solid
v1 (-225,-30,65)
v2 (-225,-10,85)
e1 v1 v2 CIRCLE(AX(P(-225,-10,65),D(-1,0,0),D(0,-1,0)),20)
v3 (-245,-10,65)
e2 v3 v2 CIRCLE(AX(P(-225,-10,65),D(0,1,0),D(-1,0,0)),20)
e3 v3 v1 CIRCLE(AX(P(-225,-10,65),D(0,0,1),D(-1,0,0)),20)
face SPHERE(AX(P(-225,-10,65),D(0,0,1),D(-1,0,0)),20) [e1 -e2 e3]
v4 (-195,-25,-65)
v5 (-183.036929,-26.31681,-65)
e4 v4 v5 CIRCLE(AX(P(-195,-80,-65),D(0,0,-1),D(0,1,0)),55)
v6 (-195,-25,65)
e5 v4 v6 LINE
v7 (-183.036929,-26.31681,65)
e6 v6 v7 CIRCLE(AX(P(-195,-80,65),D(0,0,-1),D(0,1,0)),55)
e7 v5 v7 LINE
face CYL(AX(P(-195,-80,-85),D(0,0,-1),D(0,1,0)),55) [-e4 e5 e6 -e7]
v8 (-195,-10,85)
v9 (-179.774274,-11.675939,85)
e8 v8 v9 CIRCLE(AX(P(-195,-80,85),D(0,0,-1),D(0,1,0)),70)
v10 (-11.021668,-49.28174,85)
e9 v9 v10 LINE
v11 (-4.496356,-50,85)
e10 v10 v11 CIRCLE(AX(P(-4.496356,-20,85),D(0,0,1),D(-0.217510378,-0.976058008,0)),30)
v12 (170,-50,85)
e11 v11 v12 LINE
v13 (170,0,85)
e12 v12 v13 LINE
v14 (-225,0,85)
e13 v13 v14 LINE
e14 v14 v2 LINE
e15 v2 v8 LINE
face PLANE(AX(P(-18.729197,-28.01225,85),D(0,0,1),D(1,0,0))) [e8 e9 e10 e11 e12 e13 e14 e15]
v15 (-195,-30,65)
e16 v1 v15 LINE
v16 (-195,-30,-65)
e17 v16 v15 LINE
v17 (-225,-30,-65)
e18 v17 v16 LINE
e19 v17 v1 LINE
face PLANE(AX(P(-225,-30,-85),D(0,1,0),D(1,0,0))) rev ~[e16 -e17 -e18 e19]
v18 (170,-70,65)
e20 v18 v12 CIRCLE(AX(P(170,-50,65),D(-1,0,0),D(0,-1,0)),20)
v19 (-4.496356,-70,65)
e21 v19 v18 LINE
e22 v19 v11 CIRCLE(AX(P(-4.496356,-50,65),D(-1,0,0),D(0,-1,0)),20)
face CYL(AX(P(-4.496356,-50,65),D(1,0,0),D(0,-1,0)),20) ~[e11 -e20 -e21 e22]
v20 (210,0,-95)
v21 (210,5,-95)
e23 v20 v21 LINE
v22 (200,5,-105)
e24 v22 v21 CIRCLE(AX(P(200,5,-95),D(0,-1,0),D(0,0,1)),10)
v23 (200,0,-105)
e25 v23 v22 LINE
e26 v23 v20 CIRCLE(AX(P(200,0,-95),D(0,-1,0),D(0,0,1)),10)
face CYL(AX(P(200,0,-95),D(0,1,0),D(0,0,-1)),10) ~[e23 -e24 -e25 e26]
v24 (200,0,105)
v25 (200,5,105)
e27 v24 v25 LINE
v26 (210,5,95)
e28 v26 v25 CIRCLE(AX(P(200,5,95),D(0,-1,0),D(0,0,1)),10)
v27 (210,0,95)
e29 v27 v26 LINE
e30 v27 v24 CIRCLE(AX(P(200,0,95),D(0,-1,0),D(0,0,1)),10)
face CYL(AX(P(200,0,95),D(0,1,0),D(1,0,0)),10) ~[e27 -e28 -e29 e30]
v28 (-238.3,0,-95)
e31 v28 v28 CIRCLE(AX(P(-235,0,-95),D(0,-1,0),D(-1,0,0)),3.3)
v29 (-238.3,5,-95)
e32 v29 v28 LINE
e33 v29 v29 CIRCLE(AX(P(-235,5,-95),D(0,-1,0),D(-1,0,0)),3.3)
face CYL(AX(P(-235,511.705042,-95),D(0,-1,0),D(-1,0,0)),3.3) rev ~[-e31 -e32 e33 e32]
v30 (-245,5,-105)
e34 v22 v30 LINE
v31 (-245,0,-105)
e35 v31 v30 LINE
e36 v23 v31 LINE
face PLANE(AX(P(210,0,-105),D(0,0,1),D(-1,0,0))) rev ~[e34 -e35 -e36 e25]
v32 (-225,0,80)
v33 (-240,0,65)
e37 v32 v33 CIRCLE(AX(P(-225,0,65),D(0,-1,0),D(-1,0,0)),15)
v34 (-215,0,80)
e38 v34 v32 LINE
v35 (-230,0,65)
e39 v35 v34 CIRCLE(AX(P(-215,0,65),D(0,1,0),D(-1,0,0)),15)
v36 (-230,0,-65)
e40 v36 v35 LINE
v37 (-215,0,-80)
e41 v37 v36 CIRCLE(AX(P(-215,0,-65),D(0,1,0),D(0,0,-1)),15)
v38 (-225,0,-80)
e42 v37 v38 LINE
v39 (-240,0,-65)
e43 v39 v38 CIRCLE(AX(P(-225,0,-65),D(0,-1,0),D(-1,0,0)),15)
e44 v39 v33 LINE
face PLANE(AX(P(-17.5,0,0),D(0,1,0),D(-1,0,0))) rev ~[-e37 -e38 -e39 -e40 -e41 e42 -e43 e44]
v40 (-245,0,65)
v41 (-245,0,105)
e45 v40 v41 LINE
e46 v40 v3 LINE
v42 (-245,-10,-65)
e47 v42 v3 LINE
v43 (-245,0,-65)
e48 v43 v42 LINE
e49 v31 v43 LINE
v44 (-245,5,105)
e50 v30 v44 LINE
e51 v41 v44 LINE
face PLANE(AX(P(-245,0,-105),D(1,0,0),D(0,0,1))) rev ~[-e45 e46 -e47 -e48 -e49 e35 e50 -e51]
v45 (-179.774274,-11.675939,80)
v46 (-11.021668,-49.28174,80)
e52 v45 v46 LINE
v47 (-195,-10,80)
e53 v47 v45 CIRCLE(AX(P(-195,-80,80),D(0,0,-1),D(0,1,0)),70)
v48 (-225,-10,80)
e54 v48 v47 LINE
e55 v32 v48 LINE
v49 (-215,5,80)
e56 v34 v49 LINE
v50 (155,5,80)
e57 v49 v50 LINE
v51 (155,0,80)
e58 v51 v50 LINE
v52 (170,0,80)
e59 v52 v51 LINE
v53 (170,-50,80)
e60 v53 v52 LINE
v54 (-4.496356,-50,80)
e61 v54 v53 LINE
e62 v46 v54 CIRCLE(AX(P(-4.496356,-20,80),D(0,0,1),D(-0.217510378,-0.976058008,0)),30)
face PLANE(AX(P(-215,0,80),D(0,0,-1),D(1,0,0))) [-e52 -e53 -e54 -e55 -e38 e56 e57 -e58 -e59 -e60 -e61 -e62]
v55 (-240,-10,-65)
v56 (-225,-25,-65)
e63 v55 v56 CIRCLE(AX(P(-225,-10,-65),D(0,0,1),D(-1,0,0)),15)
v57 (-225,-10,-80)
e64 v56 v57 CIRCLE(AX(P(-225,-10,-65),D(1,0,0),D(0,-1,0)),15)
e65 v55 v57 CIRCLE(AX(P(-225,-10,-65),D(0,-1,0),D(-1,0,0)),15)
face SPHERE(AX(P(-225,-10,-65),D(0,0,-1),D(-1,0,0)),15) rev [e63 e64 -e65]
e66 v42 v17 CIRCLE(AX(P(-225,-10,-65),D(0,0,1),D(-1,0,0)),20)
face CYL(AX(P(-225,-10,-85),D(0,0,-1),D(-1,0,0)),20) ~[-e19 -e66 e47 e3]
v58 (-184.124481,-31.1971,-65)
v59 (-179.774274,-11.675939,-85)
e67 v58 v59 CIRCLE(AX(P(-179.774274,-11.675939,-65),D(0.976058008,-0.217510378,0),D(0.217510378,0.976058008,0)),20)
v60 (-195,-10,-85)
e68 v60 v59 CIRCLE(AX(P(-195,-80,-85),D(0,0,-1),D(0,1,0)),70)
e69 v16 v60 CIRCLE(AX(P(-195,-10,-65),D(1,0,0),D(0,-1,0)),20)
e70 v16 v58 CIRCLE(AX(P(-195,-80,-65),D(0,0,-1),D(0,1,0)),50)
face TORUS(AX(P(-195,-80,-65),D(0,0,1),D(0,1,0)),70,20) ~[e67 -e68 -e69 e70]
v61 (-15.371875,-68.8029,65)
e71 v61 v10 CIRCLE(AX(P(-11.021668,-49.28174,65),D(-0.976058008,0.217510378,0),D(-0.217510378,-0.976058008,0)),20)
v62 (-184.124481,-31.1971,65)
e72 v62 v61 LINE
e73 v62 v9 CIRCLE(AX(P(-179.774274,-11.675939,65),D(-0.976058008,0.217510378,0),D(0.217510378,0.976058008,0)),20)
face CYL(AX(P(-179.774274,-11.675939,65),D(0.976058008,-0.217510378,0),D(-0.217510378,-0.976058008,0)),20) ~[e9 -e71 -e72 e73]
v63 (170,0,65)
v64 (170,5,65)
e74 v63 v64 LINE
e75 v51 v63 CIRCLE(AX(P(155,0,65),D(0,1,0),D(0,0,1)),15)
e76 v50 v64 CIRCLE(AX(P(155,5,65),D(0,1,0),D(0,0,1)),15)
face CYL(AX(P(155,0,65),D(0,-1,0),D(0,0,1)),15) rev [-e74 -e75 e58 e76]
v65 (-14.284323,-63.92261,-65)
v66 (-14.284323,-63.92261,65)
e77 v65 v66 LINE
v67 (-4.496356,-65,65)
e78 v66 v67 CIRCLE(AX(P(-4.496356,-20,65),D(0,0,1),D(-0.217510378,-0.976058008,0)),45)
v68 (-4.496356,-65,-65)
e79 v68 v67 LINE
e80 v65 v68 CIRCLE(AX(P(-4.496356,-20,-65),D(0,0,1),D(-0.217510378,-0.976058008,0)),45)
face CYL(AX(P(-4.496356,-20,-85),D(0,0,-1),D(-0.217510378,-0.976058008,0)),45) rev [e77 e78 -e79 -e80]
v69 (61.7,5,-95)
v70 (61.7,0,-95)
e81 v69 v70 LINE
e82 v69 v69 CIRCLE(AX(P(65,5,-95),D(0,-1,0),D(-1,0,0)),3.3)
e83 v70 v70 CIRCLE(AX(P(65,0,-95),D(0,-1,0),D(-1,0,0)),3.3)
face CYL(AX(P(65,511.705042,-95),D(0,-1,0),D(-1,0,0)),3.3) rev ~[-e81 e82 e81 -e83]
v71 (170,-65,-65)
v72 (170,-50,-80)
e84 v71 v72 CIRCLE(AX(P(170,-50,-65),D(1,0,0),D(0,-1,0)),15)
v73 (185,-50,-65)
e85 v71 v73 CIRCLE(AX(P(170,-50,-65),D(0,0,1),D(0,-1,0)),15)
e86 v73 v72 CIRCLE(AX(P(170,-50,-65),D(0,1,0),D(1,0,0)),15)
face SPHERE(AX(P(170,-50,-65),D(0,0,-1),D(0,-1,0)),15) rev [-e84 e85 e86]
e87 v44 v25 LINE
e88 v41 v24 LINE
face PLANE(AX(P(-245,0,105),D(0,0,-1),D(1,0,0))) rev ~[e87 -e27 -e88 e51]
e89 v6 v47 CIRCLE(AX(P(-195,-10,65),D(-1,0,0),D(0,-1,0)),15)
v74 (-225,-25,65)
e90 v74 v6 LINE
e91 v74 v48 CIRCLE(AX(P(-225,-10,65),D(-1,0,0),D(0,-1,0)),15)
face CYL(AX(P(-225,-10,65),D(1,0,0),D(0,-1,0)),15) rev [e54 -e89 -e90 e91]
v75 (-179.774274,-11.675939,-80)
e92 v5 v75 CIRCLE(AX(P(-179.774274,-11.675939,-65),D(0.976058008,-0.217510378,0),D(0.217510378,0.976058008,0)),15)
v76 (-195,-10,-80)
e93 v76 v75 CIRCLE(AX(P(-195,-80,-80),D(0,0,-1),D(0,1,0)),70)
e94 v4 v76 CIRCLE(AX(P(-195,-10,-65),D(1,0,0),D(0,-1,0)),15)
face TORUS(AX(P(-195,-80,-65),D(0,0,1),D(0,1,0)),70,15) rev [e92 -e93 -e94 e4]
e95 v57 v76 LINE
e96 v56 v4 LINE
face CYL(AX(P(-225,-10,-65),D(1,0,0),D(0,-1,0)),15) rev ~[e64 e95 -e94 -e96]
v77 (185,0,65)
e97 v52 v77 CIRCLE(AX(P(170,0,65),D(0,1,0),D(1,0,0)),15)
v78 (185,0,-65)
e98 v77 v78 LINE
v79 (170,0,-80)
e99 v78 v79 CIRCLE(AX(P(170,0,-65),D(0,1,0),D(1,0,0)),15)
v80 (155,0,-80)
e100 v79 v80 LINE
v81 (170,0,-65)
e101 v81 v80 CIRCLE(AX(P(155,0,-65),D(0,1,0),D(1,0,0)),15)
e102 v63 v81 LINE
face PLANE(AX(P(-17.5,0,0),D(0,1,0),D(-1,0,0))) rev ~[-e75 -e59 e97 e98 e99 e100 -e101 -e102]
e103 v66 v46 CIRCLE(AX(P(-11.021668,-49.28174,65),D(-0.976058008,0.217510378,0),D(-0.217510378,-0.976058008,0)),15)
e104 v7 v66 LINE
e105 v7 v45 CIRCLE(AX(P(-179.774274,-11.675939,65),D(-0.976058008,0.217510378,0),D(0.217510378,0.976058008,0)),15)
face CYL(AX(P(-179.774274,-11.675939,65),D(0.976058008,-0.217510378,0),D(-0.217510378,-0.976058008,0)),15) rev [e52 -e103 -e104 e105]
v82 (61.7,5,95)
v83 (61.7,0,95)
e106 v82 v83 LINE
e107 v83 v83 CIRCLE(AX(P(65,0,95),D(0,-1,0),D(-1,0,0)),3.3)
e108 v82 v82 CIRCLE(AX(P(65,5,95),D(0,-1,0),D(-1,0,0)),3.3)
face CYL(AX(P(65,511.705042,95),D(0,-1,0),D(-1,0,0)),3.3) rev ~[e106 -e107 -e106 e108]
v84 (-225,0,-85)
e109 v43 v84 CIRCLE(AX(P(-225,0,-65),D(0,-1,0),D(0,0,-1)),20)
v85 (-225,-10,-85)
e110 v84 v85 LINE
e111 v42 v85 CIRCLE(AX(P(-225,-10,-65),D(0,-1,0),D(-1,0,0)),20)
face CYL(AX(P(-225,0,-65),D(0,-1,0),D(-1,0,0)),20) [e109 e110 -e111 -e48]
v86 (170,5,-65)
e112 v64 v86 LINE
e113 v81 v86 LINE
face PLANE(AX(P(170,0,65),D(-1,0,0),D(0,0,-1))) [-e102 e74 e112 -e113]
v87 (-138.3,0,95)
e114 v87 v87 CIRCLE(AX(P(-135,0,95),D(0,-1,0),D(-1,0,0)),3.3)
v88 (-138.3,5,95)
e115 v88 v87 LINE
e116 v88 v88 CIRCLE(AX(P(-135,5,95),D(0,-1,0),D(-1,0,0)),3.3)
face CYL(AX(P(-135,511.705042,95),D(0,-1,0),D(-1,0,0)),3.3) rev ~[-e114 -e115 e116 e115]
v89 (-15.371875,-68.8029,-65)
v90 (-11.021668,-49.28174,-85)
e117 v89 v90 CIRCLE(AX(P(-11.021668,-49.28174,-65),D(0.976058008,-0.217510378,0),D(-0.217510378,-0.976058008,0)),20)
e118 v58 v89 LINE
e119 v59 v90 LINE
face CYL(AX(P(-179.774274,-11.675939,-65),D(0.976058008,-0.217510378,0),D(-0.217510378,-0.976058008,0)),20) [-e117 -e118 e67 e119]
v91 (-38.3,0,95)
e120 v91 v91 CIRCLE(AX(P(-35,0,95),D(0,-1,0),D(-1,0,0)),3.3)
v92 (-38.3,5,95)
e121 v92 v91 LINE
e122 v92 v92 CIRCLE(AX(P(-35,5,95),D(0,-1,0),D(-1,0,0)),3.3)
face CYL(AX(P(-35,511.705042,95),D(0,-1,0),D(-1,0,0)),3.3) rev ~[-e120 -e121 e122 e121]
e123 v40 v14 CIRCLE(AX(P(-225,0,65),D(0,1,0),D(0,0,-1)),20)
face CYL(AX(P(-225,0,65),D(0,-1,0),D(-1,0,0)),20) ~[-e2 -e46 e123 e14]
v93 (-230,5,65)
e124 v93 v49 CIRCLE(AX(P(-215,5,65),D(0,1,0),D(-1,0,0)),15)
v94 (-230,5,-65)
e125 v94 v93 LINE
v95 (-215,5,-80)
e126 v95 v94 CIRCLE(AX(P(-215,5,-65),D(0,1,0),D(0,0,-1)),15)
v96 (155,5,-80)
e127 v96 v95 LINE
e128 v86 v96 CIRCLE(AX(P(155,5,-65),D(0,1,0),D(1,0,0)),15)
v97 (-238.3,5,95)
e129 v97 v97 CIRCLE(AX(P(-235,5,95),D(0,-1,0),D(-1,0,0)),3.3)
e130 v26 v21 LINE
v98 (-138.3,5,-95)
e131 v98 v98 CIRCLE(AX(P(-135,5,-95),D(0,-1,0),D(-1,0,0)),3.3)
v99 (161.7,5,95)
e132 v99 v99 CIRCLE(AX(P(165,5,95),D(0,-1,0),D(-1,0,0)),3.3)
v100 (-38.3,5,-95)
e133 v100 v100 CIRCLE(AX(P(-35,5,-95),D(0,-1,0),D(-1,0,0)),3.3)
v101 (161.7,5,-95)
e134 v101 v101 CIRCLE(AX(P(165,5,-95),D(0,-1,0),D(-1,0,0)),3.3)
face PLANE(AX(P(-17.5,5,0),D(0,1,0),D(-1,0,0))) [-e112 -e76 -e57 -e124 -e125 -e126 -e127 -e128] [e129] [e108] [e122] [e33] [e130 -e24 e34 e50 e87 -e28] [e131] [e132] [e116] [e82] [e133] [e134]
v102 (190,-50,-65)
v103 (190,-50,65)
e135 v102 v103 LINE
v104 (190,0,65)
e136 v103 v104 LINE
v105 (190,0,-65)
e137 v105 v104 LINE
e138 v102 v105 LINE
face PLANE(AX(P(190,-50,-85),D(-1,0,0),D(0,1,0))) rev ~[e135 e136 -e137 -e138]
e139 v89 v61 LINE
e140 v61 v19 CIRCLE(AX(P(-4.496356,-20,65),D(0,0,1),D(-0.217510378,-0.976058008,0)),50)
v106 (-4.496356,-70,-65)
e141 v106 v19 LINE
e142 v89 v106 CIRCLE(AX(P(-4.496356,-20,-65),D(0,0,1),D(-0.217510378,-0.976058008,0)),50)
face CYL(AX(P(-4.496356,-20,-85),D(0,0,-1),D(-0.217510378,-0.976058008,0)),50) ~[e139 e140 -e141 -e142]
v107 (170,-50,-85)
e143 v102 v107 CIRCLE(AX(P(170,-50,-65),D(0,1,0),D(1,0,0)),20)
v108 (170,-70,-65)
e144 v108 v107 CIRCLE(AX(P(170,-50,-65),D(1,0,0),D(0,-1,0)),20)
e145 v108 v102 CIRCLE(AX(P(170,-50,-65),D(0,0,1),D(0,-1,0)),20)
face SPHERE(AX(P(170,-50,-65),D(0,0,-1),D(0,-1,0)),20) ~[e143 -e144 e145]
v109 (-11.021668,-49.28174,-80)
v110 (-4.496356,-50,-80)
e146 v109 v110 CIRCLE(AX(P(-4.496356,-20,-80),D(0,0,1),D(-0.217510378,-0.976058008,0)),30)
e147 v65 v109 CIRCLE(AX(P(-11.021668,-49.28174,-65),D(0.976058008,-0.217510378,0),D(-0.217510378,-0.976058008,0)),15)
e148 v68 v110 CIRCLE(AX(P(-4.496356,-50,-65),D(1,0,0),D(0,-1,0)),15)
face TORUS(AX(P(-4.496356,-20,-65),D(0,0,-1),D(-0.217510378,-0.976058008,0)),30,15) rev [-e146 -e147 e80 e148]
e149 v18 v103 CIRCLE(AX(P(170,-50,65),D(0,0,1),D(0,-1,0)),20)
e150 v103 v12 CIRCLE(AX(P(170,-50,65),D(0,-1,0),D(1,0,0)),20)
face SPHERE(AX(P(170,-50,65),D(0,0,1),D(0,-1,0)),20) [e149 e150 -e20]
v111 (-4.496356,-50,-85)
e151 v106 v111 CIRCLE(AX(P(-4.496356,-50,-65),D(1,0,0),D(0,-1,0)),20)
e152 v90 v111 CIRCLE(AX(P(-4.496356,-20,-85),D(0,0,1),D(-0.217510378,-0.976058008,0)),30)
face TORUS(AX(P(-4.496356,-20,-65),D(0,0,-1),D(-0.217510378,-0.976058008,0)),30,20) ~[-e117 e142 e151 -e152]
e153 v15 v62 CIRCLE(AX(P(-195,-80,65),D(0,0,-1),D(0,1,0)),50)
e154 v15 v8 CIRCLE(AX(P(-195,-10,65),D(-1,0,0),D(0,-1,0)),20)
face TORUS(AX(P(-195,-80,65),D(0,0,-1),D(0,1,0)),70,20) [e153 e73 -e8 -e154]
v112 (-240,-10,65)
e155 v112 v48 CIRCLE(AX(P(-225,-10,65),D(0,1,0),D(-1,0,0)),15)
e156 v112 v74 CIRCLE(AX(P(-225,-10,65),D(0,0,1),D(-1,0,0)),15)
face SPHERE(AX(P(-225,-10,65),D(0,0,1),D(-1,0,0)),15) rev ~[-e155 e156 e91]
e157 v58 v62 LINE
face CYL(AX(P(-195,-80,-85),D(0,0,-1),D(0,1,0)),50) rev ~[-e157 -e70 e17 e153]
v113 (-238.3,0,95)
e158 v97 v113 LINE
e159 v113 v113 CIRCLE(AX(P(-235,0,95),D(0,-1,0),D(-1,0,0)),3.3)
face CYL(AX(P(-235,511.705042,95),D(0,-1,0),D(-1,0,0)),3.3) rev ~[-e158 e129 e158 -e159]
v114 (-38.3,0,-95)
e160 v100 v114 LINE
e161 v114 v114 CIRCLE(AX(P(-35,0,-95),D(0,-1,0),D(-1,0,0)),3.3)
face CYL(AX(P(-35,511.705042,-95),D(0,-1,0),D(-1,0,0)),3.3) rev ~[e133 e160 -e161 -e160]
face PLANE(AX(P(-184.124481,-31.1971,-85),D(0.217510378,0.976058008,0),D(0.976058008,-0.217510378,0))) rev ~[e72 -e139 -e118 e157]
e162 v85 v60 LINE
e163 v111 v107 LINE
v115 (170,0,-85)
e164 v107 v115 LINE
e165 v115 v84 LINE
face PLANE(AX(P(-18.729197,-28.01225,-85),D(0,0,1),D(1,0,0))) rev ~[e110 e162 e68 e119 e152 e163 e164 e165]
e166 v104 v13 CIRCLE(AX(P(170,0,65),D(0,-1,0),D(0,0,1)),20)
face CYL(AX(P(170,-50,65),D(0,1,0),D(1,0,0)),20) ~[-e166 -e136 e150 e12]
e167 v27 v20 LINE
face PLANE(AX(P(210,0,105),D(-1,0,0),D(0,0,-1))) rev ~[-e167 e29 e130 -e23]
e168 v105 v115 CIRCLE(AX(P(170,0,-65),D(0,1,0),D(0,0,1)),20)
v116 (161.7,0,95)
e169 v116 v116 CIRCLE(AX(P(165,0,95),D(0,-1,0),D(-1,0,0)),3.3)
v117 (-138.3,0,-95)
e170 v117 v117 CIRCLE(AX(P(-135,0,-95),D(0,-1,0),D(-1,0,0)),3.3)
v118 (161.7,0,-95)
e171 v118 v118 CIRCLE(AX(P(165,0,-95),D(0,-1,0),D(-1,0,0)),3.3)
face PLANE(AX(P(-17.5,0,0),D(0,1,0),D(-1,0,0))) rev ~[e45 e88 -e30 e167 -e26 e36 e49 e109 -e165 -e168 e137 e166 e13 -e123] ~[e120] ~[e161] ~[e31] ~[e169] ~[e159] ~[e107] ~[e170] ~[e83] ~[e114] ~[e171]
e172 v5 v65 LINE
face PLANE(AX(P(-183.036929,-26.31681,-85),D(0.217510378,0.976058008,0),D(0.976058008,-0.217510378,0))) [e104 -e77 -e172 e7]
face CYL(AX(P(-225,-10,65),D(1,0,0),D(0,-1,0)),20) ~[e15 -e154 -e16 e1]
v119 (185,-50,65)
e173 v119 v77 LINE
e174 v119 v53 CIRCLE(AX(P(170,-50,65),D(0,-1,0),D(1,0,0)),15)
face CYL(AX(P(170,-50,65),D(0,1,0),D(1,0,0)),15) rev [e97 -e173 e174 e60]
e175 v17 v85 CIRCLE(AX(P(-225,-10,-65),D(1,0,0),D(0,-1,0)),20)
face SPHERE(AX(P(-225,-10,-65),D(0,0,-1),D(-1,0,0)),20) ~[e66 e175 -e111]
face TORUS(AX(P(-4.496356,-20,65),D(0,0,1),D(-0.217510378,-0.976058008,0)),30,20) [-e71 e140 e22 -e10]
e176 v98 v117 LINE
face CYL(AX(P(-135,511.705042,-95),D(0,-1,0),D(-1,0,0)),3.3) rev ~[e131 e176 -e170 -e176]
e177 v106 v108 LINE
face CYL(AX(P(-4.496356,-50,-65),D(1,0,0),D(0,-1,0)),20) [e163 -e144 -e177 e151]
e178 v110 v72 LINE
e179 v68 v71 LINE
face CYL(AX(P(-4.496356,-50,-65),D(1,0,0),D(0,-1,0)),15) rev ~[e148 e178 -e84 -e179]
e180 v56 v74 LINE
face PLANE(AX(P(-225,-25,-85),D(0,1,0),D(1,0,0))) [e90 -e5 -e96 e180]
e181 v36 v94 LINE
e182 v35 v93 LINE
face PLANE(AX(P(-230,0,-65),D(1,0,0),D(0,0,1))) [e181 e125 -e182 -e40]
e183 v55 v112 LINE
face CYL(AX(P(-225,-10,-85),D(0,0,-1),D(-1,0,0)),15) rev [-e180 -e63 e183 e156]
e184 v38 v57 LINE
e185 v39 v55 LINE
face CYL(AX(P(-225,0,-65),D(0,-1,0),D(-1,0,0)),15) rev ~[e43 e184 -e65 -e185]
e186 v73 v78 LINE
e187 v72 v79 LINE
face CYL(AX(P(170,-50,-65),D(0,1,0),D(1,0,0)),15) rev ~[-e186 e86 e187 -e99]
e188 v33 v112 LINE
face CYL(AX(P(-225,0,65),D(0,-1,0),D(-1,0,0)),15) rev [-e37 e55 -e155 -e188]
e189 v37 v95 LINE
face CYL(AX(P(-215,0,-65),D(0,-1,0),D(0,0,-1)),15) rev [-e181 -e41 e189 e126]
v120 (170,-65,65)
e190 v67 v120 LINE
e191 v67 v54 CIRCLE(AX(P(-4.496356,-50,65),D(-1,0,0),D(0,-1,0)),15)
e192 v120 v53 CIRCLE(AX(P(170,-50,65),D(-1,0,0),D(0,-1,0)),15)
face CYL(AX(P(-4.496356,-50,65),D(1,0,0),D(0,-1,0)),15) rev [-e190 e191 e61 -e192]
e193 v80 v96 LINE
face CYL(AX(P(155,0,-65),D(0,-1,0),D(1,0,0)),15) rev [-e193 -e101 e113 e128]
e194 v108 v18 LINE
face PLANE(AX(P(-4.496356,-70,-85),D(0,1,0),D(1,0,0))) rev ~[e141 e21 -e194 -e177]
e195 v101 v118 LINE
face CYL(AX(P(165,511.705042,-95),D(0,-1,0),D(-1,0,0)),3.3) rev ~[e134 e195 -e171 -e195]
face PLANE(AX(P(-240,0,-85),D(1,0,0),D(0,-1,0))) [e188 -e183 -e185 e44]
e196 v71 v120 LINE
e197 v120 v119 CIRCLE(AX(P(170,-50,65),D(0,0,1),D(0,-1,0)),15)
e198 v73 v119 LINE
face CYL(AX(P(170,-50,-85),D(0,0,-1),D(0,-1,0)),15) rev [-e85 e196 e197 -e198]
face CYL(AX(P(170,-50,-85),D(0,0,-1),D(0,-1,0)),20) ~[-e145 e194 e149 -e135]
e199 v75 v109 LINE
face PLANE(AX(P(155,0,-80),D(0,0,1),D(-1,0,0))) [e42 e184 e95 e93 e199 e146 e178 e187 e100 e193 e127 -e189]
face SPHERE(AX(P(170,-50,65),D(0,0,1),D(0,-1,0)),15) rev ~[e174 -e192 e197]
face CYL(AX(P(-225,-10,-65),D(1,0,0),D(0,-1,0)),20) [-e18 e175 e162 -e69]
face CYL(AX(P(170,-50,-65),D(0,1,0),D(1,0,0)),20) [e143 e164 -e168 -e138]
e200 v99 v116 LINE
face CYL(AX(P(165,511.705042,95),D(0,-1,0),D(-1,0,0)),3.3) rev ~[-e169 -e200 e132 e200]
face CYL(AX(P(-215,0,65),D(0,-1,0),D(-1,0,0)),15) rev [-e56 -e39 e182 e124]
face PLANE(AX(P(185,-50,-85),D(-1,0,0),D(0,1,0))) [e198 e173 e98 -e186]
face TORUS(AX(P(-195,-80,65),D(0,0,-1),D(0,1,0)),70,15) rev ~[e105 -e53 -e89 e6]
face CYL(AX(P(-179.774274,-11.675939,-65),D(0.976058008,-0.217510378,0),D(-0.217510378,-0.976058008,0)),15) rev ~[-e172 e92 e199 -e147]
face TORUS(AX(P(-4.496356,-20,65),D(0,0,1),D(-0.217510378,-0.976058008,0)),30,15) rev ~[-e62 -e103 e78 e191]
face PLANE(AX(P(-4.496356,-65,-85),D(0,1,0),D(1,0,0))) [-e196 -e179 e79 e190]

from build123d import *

# Parameters (mm, degrees)
BOSS_EXTRUDE2_DEPTH      = 85
BOSS_EXTRUDE2_DEPTH_BACK = 85
FILLET1_R                = 20
SHELL1_T                 = -5
BOSS_EXTRUDE3_DEPTH      = 5
M6_CLEARANCE_HOLE1_D     = 6.6
FILLET2_R                = 10


with BuildPart() as part:
    # Sketch4 → Boss-Extrude2 (new, two sides: drawn at the far end of the back side and taken through both)
    with BuildSketch(Plane.XY.offset(-BOSS_EXTRUDE2_DEPTH_BACK)):
        with BuildLine():
            Line((-245, 0), (-245, -10))
            ThreePointArc((-245, -10), (-239.142135624, -24.142135624), (-225, -30))
            Line((-225, -30), (-195, -30))
            ThreePointArc((-195, -30), (-189.529397686, -30.300175953), (-184.124481103, -31.197099587))
            Line((-184.124481103, -31.197099587), (-15.371875354, -68.802900413))
            ThreePointArc((-15.371875354, -68.802900413), (-9.966958771, -69.699824047), (-4.496356458, -70))
            Line((-4.496356458, -70), (170, -70))
            ThreePointArc((170, -70), (184.142135624, -64.142135624), (190, -50))
            Line((190, -50), (190, 0))
            Line((190, 0), (-245, 0))
        make_face()
    extrude(amount=BOSS_EXTRUDE2_DEPTH + BOSS_EXTRUDE2_DEPTH_BACK)

    # Fillet1
    fillet1_edges = [part.edges().sort_by_distance(p)[0] for p in [
        (-239.142135624, -24.142135624, -85),
        (-210, -30, -85),
        (-189.529397686, -30.300175953, -85),
        (-99.748178229, -50, -85),
        (-9.966958771, -69.699824047, -85),
        (-245, -5, 85),
        (-239.142135624, -24.142135624, 85),
        (-210, -30, 85),
        (-189.529397686, -30.300175953, 85),
        (-99.748178229, -50, 85),
        (-9.966958771, -69.699824047, 85),
        (82.751821771, -70, 85),
        (184.142135624, -64.142135624, 85),
        (190, -25, 85),
        (82.751821771, -70, -85),
        (184.142135624, -64.142135624, -85),
        (190, -25, -85),
        (-245, -5, -85),
    ]]
    fillet(fillet1_edges, radius=FILLET1_R)

    # Shell1
    shell1_openings = [part.faces().sort_by_distance(p)[0] for p in [
        (-27.5, 0, 0),
    ]]
    offset(amount=SHELL1_T, openings=shell1_openings, kind=Kind.INTERSECTION)

    # Sketch1 → Boss-Extrude3 (add)
    with BuildSketch(Plane(origin=(0, 0, 0), x_dir=(-1, 0, 0), z_dir=(0, 1, 0))):
        Polygon((-210, 35), (-210, -35), (-210, -105), (245, -105), (245, 105), (-210, 105), align=None)
        with BuildLine():
            Line((-170, 35), (-170, -35))
            Line((-170, -35), (-170, -65))
            ThreePointArc((-170, -65), (-165.606601718, -75.606601718), (-155, -80))
            Line((-155, -80), (215, -80))
            ThreePointArc((215, -80), (225.606601718, -75.606601718), (230, -65))
            Line((230, -65), (230, 65))
            ThreePointArc((230, 65), (225.606601718, 75.606601718), (215, 80))
            Line((215, 80), (-155, 80))
            ThreePointArc((-155, 80), (-165.606601718, 75.606601718), (-170, 65))
            Line((-170, 65), (-170, 35))
        make_face(mode=Mode.SUBTRACT)
    extrude(amount=BOSS_EXTRUDE3_DEPTH)

    # M6 Clearance Hole1 (through all)
    with Locations(Plane(origin=(0, 5, 0), x_dir=(1, 0, 0), z_dir=(0, 1, 0))):
        with Locations((165, -95), (65, -95), (-35, -95), (-135, -95), (-235, -95), (-235, 95), (-135, 95), (-35, 95), (65, 95), (165, 95)):
            Hole(M6_CLEARANCE_HOLE1_D / 2)

    # Fillet2
    fillet2_edges = [part.edges().sort_by_distance(p)[0] for p in [
        (210, 2.5, 105),
        (210, 2.5, -105),
    ]]
    fillet(fillet2_edges, radius=FILLET2_R)


solid = part.part
